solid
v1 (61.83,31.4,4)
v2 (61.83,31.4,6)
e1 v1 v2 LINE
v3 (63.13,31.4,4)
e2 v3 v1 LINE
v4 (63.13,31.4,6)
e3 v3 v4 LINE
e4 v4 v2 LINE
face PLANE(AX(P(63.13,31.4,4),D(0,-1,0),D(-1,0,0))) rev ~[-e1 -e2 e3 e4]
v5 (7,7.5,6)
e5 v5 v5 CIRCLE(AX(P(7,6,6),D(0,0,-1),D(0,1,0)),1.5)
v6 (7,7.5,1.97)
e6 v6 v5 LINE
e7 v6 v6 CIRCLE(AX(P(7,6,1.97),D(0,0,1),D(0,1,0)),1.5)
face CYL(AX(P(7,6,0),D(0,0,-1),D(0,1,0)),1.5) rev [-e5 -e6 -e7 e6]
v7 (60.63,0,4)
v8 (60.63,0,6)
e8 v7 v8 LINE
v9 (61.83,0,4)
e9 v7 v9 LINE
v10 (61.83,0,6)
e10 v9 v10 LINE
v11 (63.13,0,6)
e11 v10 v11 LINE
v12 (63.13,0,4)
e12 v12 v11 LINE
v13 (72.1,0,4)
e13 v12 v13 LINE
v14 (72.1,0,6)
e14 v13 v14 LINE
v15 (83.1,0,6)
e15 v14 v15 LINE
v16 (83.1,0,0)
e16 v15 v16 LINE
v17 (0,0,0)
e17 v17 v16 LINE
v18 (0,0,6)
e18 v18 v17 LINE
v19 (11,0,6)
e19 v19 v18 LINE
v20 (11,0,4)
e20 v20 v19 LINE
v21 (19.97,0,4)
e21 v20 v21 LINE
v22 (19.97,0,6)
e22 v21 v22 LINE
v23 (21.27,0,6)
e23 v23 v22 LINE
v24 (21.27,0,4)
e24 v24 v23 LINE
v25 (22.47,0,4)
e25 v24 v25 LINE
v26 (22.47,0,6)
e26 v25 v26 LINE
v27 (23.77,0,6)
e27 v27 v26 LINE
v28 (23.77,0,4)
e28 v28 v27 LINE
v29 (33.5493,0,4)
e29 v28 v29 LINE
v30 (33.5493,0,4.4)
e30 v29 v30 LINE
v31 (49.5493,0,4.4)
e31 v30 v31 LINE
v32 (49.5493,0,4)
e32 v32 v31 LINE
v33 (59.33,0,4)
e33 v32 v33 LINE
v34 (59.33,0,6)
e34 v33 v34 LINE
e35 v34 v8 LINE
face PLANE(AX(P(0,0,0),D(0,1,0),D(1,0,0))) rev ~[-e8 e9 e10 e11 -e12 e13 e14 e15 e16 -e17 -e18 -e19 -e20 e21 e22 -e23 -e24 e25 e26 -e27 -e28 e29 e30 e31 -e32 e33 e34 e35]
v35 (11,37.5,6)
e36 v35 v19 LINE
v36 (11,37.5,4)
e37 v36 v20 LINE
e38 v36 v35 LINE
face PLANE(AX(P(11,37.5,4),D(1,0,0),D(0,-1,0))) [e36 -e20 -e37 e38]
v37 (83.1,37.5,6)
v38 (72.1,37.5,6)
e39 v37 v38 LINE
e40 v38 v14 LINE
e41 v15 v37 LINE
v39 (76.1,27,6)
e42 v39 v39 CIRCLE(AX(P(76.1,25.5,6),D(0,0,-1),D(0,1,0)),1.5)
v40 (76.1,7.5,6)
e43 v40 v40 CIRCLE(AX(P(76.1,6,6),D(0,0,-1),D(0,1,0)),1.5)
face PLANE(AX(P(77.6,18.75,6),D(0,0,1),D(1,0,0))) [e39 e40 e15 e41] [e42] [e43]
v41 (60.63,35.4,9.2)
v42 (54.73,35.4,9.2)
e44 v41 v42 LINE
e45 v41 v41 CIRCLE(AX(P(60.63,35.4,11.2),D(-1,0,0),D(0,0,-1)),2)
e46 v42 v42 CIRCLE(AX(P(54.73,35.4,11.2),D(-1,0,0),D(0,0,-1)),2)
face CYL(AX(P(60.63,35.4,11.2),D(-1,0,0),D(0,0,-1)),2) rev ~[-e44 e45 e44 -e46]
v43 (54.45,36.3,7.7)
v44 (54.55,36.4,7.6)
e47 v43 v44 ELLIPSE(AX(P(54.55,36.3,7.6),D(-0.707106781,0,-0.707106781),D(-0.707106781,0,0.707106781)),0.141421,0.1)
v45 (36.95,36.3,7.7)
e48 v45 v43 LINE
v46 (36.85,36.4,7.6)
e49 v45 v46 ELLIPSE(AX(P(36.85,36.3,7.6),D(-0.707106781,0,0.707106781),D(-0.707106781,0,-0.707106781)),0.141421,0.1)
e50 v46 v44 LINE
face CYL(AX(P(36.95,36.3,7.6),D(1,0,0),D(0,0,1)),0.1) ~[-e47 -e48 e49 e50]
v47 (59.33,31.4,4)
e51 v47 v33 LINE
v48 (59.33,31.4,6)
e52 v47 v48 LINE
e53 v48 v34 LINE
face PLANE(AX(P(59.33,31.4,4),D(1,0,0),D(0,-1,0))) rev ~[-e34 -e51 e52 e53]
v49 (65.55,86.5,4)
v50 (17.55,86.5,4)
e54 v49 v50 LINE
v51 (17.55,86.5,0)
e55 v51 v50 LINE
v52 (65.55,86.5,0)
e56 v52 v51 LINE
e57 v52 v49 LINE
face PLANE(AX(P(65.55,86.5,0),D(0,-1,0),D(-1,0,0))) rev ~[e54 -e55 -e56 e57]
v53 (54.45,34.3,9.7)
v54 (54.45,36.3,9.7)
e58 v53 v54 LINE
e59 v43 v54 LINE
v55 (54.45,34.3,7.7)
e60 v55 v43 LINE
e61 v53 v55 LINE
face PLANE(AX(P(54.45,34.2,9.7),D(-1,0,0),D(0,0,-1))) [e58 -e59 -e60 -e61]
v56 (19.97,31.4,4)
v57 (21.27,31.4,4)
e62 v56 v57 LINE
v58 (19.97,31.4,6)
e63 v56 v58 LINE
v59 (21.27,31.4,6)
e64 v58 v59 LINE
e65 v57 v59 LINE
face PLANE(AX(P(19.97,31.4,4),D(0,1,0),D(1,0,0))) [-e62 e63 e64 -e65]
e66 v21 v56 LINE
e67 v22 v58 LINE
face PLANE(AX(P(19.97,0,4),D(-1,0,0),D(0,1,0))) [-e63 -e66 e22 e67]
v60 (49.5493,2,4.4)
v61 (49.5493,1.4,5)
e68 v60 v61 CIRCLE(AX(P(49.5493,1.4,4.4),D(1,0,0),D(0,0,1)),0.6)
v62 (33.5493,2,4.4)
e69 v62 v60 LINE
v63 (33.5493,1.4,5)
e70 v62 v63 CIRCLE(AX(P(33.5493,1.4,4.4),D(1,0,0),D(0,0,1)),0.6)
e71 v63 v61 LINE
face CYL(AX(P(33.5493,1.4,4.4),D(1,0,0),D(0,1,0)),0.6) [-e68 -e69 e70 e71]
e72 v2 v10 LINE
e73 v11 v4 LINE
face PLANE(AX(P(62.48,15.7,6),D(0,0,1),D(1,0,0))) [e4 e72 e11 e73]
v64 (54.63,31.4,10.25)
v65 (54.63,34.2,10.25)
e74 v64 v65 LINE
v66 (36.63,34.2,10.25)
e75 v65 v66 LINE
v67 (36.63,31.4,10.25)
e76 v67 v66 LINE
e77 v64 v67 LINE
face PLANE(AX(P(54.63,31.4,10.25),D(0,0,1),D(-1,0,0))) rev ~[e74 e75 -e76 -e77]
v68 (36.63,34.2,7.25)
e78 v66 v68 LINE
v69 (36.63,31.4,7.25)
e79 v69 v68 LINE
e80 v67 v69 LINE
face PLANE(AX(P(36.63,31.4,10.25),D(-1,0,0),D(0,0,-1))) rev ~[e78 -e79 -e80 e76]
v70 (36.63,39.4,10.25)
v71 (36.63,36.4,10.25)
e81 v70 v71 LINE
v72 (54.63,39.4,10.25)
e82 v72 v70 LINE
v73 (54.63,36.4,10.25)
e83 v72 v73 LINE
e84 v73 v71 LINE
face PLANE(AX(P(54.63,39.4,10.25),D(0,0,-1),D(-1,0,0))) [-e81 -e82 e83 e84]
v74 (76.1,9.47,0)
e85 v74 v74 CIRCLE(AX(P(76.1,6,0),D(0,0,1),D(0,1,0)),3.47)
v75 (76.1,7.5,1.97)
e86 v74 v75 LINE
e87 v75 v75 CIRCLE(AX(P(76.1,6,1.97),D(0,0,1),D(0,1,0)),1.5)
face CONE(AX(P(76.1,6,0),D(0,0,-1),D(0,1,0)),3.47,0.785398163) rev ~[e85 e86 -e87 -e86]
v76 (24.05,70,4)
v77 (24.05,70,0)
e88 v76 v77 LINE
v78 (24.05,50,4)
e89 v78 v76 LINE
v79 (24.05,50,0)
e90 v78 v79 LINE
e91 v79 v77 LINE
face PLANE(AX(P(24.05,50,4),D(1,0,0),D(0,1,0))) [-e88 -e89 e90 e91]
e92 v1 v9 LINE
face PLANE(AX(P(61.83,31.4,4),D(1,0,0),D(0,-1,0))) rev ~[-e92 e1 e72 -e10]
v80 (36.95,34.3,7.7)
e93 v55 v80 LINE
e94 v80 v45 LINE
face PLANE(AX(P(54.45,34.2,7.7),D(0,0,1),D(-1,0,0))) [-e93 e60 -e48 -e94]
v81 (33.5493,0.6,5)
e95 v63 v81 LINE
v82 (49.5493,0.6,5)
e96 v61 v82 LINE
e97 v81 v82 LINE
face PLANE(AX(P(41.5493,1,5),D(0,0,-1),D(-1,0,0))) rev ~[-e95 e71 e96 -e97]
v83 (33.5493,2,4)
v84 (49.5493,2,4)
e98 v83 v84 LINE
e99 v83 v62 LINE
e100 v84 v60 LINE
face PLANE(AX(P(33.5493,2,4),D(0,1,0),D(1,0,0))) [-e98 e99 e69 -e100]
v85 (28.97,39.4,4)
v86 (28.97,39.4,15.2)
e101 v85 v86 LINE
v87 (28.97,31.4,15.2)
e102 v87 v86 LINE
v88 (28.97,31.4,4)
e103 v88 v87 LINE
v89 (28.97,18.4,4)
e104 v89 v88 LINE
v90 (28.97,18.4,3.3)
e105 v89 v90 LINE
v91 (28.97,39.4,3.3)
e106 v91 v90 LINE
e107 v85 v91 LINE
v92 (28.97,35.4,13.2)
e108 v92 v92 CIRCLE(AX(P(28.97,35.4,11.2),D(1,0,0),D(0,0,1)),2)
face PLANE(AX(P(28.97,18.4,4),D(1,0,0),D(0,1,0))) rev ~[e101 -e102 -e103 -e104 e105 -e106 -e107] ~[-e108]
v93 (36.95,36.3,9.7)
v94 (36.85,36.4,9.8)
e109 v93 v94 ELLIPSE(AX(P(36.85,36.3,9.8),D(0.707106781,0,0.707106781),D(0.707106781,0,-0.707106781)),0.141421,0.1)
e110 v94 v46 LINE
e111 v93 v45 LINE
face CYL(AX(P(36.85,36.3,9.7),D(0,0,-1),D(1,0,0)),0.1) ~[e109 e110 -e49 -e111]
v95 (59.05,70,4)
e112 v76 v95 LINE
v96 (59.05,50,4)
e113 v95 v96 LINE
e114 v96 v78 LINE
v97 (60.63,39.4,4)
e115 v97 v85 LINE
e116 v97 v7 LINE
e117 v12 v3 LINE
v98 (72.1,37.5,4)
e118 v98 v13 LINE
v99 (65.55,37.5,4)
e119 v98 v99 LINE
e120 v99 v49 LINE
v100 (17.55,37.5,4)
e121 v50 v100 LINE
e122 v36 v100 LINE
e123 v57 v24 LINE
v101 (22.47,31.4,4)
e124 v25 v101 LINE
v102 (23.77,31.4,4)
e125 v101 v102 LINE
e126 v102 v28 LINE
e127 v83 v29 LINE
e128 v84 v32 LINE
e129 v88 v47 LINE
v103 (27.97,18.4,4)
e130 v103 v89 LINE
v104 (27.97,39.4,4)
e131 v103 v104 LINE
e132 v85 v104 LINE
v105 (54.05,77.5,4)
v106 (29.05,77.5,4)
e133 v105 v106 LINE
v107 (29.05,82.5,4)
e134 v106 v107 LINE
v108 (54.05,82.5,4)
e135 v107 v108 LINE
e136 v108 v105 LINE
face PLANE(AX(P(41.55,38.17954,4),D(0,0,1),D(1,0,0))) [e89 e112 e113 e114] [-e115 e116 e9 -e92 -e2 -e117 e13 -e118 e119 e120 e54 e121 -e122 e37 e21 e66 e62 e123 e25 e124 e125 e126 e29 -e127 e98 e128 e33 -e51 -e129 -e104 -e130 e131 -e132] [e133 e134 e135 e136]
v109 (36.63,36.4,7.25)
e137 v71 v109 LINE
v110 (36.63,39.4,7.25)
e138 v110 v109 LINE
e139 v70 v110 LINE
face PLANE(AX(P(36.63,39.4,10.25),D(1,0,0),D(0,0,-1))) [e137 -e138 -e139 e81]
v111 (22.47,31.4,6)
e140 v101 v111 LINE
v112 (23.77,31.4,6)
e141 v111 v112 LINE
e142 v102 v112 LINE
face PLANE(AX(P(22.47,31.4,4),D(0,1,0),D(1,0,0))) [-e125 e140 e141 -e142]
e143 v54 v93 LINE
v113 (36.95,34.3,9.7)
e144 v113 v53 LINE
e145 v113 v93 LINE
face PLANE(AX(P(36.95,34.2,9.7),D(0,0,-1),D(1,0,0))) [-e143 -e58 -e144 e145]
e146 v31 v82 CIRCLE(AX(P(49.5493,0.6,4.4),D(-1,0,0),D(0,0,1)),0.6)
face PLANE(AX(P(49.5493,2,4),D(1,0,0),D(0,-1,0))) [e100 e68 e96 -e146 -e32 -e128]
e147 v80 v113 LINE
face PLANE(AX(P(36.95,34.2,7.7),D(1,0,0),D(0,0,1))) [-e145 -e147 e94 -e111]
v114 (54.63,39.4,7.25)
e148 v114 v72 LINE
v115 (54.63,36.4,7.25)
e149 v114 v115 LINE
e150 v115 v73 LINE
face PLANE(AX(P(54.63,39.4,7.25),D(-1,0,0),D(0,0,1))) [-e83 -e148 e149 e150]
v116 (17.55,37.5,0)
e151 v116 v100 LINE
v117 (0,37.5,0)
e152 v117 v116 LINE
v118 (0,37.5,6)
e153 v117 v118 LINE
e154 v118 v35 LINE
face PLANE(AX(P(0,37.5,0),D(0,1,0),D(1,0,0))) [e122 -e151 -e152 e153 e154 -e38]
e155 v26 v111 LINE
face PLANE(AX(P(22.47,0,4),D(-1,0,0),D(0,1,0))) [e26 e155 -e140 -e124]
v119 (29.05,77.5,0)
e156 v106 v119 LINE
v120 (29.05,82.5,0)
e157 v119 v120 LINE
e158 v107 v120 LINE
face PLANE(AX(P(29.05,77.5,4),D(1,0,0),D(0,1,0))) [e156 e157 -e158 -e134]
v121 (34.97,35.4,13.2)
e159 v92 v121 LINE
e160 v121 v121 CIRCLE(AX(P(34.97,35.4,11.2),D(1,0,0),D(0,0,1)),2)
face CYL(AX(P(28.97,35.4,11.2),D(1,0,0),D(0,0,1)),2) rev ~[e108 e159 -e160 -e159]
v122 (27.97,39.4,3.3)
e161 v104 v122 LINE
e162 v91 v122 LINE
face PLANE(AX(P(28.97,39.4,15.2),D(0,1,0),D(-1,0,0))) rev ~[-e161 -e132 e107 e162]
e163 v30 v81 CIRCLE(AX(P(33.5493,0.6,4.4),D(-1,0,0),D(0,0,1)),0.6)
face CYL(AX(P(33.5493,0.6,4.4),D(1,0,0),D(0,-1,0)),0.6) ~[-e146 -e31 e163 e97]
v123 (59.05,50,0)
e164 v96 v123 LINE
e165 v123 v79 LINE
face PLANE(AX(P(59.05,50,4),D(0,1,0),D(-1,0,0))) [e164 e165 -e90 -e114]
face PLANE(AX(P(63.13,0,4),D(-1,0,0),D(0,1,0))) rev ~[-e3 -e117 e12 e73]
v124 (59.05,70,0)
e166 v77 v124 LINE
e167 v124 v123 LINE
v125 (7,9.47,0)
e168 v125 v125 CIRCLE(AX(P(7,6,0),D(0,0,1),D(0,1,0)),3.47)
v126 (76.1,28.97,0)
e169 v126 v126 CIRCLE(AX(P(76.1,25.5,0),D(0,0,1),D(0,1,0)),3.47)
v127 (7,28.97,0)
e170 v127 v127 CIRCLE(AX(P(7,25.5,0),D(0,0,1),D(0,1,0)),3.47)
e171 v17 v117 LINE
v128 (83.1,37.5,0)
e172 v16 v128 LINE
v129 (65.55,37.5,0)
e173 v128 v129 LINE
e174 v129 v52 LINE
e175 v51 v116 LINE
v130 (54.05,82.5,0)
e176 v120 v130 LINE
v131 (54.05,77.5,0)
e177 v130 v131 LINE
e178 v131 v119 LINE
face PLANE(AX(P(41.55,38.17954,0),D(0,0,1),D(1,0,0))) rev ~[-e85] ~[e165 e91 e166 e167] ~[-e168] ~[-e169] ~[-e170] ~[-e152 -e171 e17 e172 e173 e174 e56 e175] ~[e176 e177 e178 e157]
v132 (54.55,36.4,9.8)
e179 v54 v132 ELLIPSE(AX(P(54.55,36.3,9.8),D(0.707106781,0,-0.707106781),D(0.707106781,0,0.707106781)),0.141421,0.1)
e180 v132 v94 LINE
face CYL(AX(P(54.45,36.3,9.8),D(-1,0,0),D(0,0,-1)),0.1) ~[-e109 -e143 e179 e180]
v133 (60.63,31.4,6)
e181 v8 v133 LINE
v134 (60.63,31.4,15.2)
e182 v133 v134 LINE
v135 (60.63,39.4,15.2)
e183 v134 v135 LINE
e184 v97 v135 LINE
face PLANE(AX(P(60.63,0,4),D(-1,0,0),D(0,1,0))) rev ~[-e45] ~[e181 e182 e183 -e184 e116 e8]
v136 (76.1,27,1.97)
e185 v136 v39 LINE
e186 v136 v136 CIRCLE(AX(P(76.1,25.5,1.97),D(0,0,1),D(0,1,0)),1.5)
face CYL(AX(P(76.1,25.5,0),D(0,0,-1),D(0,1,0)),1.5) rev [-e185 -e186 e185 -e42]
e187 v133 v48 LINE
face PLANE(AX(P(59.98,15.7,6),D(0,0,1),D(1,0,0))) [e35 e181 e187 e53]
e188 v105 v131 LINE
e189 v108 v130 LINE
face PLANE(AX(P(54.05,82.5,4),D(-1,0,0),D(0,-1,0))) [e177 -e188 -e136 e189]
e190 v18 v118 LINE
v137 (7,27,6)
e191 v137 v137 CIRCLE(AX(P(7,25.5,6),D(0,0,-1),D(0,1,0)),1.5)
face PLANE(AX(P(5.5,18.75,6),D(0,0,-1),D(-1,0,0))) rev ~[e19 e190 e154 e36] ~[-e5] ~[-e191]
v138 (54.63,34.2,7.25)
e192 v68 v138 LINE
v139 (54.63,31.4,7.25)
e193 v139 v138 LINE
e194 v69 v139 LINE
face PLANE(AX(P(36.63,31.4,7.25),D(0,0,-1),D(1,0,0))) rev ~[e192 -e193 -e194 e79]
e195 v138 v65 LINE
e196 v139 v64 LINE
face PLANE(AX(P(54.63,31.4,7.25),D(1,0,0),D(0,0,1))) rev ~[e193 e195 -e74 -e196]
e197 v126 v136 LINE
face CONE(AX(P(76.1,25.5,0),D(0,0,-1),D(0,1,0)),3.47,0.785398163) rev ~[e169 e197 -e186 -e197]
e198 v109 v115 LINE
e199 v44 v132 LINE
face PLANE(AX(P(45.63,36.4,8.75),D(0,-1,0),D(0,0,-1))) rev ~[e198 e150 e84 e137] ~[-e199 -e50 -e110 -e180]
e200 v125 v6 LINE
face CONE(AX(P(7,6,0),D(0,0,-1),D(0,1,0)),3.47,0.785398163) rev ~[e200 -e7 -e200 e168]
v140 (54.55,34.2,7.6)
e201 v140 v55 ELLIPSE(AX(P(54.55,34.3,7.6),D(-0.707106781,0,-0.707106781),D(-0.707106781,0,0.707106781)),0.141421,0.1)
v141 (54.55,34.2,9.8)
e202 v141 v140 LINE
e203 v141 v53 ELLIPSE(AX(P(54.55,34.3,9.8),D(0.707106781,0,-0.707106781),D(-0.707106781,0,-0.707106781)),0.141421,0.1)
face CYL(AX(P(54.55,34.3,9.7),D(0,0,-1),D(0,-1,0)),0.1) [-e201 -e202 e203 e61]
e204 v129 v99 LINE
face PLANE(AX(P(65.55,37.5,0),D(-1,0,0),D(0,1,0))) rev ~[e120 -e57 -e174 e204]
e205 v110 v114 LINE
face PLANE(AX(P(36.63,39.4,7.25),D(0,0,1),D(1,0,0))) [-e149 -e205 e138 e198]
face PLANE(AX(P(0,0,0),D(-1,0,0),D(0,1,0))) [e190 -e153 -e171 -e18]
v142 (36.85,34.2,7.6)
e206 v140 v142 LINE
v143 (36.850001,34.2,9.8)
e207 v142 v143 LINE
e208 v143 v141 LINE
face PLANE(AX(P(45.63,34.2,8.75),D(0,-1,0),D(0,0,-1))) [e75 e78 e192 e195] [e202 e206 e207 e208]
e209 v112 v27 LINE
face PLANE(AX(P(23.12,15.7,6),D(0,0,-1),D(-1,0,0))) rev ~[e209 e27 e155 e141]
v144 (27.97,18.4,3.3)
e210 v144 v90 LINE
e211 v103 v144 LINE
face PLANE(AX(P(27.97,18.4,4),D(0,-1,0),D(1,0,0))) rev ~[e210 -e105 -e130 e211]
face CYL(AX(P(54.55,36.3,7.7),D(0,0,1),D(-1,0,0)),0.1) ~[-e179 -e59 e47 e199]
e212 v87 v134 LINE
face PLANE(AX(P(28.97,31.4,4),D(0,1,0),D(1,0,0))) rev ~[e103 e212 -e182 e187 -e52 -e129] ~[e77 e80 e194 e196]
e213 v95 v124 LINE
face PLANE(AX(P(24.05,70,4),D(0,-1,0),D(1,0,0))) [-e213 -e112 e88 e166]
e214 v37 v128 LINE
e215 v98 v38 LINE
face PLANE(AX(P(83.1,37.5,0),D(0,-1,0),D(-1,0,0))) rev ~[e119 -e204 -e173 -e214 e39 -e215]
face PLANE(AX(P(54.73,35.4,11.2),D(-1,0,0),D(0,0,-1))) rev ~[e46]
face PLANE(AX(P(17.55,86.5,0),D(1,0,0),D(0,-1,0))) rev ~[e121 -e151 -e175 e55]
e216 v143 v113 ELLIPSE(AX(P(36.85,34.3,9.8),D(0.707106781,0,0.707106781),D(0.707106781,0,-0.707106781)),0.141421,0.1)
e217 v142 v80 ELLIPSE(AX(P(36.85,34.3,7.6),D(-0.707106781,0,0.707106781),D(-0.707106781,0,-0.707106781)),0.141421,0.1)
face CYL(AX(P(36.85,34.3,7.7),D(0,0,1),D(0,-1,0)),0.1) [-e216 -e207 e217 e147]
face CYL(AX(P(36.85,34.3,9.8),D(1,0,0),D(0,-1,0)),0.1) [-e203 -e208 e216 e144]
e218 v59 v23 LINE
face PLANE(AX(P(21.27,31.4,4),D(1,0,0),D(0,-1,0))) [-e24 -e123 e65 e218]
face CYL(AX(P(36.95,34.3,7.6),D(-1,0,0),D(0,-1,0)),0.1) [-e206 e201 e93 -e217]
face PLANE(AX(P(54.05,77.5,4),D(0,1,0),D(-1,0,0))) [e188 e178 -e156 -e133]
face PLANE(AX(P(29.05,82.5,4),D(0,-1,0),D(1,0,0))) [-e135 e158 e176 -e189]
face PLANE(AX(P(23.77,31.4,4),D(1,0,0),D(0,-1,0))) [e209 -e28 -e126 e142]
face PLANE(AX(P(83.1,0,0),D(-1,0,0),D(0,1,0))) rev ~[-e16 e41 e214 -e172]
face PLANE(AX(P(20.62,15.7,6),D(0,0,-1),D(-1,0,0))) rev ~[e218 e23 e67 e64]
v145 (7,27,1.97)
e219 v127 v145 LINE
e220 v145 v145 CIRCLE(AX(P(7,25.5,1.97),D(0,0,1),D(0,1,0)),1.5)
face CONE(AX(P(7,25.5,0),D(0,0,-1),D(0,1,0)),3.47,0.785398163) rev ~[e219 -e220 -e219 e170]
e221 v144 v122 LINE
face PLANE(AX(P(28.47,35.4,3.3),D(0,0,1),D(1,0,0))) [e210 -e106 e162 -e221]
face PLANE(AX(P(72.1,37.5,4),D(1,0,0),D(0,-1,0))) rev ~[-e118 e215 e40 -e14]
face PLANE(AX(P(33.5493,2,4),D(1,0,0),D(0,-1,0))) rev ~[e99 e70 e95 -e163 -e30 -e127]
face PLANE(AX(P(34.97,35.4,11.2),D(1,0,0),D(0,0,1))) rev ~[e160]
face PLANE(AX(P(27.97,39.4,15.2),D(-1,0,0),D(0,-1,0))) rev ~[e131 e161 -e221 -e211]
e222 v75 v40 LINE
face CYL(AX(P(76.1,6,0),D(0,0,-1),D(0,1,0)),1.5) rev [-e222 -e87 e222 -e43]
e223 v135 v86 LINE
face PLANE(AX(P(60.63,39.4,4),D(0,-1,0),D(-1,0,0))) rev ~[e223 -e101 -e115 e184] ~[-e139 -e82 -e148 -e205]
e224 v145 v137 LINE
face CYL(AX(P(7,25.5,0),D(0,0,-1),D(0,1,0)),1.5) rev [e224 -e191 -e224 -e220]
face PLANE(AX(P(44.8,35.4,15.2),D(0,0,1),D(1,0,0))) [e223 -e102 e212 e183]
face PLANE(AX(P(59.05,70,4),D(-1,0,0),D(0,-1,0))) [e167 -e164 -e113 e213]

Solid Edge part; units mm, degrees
sketch "Sketch1" plane through (0, 0, 0) normal (0, 0, 1) x (1, 0, 0)
  line L0 (83.1, 37.5) -> (65.55, 37.5)
  line L1 (65.55, 37.5) -> (65.55, 86.5)
  line L2 (65.55, 86.5) -> (17.55, 86.5)
  line L3 (17.55, 86.5) -> (17.55, 37.5)
  line L4 (0, 37.5) -> (17.55, 37.5)
  line L5 (0, 0) -> (0, 37.5)
  line L6 (0, 0) -> (83.1, 0)
  line L7 (83.1, 0) -> (83.1, 37.5)
extrude "Protrusion1" add sketch "Sketch1" along normal blind 4
sketch "Sketch2" plane through (40.5, 43.25, 4) normal (0, 0, 1) x (1, 0, 0)
  line L0 (-29.5, -5.75) -> (-29.5, -43.25)
  line L1 (-29.5, -43.25) -> (-40.5, -43.25)
  line L2 (-40.5, -43.25) -> (-40.5, -5.75)
  line L3 (-40.5, -5.75) -> (-29.5, -5.75)
  line L4 (-20.53, -43.25) -> (-20.53, -11.85)
  line L5 (-20.53, -11.85) -> (-19.23, -11.85)
  line L6 (-19.23, -11.85) -> (-19.23, -43.25)
  line L7 (-19.23, -43.25) -> (-20.53, -43.25)
  line L8 (-16.73, -11.85) -> (-16.73, -43.25)
  line L9 (-16.73, -43.25) -> (-18.03, -43.25)
  line L10 (-18.03, -43.25) -> (-18.03, -11.85)
  line L11 (-18.03, -11.85) -> (-16.73, -11.85)
  line L12 (18.83, -11.85) -> (18.83, -43.25)
  line L13 (18.83, -43.25) -> (20.13, -43.25)
  line L14 (20.13, -43.25) -> (20.13, -11.85)
  line L15 (20.13, -11.85) -> (18.83, -11.85)
  line L16 (22.63, -43.25) -> (22.63, -11.85)
  line L17 (22.63, -11.85) -> (21.33, -11.85)
  line L18 (21.33, -11.85) -> (21.33, -43.25)
  line L19 (21.33, -43.25) -> (22.63, -43.25)
  line L20 (31.6, -5.75) -> (31.6, -43.25)
  line L21 (31.6, -43.25) -> (42.6, -43.25)
  line L22 (42.6, -43.25) -> (42.6, -5.75)
  line L23 (42.6, -5.75) -> (31.6, -5.75)
extrude "ExtrudedProtrusion_2" add sketch "Sketch2" along normal blind 2
sketch "Sketch3" plane through (41.55, 43.25, 4) normal (0, 0, 1) x (1, 0, 0)
  line L0 (-12.58, -11.85) -> (19.08, -11.85)
  line L1 (19.08, -11.85) -> (19.08, -3.85)
  line L2 (19.08, -3.85) -> (-12.58, -3.85)
  line L3 (-12.58, -11.85) -> (-12.58, -3.85)
extrude "ExtrudedProtrusion_3" add sketch "Sketch3" along normal blind 11.2
hole "Hole_1" at (60.63, 35.4, 11.2) direction (-1, 0, 0) diameter 4 depth 5.9
sketch "Sketch4" plane through (41.55, 43.25, 4) normal (0, 0, 1) x (1, 0, 0)
  line L0 (12.5, 34.25) -> (-12.5, 34.25)
  line L1 (-12.5, 34.25) -> (-12.5, 39.25)
  line L2 (-12.5, 39.25) -> (12.5, 39.25)
  line L3 (12.5, 39.25) -> (12.5, 34.25)
  line L4 (-17.5, 26.75) -> (17.5, 26.75)
  line L5 (17.5, 26.75) -> (17.5, 6.75)
  line L6 (17.5, 6.75) -> (-17.5, 6.75)
  line L7 (-17.5, 6.75) -> (-17.5, 26.75)
extrude "Cutout1" cut sketch "Sketch4" against normal through all
hole "Hole_3" at (7, 6, 0) direction (0, 0, 1) diameter 3 end through all countersink diameter 6.94 countersink angle 90
hole "Hole1" at (7, 25.5, 0) direction (0, 0, 1) diameter 3 end through all countersink diameter 6.94 countersink angle 90
hole "Hole2" at (76.1, 6, 0) direction (0, 0, 1) diameter 3 end through all countersink diameter 6.94 countersink angle 90
hole "Hole3" at (76.1, 25.5, 0) direction (0, 0, 1) diameter 3 end through all countersink diameter 6.94 countersink angle 90
sketch "Sketch5" plane through (41.55, 15.7, 4) normal (0, 0, 1) x (1, 0, 0)
  line L0 (-8.0007, -13.7) -> (7.9993, -13.7)
  line L1 (7.9993, -13.7) -> (7.9993, -15.7)
  line L2 (-8.0007, -15.7) -> (7.9993, -15.7)
  line L3 (-8.0007, -13.7) -> (-8.0007, -15.7)
extrude "ExtrudedProtrusion_4" add sketch "Sketch5" along normal blind 1
fillet "Round_1" radius 0.6 2 edges at (41.5493, 2, 5) (41.5493, 0, 5)
sketch "Sketch6" plane through (41.55, 31.4, 9.6) normal (0, -1, 0) x (1, 0, 0)
  line L0 (-4.92, 0.65) -> (-4.92, -2.35)
  line L1 (-4.92, -2.35) -> (13.08, -2.35)
  line L2 (13.08, -2.35) -> (13.08, 0.65)
  line L3 (13.08, 0.65) -> (-4.92, 0.65)
extrude "ExtrudedCutout_2" cut sketch "Sketch6" against normal blind 2.8
sketch "Sketch7" plane through (41.55, 39.4, 9.6) normal (0, 1, 0) x (-1, 0, 0)
  line L0 (-13.08, 0.65) -> (4.92, 0.65)
  line L1 (4.92, 0.65) -> (4.92, -2.35)
  line L2 (4.92, -2.35) -> (-13.08, -2.35)
  line L3 (-13.08, -2.35) -> (-13.08, 0.65)
extrude "ExtrudedCutout_5" cut sketch "Sketch7" against normal blind 3
sketch "Sketch8" plane through (39.36, 34.2, 9.93) normal (0, -1, 0) x (1, 0, 0)
  line L0 (-2.41, -0.23) -> (15.09, -0.23)
  line L1 (15.09, -0.23) -> (15.09, -2.23)
  line L2 (15.09, -2.23) -> (-2.41, -2.23)
  line L3 (-2.41, -2.23) -> (-2.41, -0.23)
extrude "Cutout2" cut sketch "Sketch8" against normal up to next
sketch "Sketch9" plane through (40.5, 43.25, 4) normal (0, 0, 1) x (1, 0, 0)
  line L0 (-11.53, -24.85) -> (-11.53, -11.85)
  line L1 (-11.53, -11.85) -> (-12.53, -11.85)
  line L2 (-12.53, -11.85) -> (-12.53, -24.85)
  line L3 (-12.53, -24.85) -> (-11.53, -24.85)
extrude "ExtrudedCutout_7" cut sketch "Sketch9" against normal blind 0.7
sketch "Sketch10" plane through (41.55, 35.4, 15.2) normal (0, 0, 1) x (1, 0, 0)
  line L0 (-13.58, 4) -> (-13.58, -4)
  line L1 (-13.58, -4) -> (-12.58, -4)
  line L2 (-12.58, -4) -> (-12.58, 4)
  line L3 (-12.58, 4) -> (-13.58, 4)
extrude "ExtrudedCutout_8" cut sketch "Sketch10" against normal blind 11.9
fillet "Round_2" radius 0.1 1 edges at (36.95, 34.2, 8.7)
fillet "Round_3" radius 0.1 7 edges at (54.45, 36.4, 8.7) (36.95, 36.4, 8.7) (45.7, 36.4, 7.7) (45.7, 36.4, 9.7) (45.65, 34.2, 7.7) (54.45, 34.2, 8.7) (45.65, 34.2, 9.7)
hole "Hole_7" at (28.97, 35.4, 11.2) direction (1, 0, 0) diameter 4 depth 6
